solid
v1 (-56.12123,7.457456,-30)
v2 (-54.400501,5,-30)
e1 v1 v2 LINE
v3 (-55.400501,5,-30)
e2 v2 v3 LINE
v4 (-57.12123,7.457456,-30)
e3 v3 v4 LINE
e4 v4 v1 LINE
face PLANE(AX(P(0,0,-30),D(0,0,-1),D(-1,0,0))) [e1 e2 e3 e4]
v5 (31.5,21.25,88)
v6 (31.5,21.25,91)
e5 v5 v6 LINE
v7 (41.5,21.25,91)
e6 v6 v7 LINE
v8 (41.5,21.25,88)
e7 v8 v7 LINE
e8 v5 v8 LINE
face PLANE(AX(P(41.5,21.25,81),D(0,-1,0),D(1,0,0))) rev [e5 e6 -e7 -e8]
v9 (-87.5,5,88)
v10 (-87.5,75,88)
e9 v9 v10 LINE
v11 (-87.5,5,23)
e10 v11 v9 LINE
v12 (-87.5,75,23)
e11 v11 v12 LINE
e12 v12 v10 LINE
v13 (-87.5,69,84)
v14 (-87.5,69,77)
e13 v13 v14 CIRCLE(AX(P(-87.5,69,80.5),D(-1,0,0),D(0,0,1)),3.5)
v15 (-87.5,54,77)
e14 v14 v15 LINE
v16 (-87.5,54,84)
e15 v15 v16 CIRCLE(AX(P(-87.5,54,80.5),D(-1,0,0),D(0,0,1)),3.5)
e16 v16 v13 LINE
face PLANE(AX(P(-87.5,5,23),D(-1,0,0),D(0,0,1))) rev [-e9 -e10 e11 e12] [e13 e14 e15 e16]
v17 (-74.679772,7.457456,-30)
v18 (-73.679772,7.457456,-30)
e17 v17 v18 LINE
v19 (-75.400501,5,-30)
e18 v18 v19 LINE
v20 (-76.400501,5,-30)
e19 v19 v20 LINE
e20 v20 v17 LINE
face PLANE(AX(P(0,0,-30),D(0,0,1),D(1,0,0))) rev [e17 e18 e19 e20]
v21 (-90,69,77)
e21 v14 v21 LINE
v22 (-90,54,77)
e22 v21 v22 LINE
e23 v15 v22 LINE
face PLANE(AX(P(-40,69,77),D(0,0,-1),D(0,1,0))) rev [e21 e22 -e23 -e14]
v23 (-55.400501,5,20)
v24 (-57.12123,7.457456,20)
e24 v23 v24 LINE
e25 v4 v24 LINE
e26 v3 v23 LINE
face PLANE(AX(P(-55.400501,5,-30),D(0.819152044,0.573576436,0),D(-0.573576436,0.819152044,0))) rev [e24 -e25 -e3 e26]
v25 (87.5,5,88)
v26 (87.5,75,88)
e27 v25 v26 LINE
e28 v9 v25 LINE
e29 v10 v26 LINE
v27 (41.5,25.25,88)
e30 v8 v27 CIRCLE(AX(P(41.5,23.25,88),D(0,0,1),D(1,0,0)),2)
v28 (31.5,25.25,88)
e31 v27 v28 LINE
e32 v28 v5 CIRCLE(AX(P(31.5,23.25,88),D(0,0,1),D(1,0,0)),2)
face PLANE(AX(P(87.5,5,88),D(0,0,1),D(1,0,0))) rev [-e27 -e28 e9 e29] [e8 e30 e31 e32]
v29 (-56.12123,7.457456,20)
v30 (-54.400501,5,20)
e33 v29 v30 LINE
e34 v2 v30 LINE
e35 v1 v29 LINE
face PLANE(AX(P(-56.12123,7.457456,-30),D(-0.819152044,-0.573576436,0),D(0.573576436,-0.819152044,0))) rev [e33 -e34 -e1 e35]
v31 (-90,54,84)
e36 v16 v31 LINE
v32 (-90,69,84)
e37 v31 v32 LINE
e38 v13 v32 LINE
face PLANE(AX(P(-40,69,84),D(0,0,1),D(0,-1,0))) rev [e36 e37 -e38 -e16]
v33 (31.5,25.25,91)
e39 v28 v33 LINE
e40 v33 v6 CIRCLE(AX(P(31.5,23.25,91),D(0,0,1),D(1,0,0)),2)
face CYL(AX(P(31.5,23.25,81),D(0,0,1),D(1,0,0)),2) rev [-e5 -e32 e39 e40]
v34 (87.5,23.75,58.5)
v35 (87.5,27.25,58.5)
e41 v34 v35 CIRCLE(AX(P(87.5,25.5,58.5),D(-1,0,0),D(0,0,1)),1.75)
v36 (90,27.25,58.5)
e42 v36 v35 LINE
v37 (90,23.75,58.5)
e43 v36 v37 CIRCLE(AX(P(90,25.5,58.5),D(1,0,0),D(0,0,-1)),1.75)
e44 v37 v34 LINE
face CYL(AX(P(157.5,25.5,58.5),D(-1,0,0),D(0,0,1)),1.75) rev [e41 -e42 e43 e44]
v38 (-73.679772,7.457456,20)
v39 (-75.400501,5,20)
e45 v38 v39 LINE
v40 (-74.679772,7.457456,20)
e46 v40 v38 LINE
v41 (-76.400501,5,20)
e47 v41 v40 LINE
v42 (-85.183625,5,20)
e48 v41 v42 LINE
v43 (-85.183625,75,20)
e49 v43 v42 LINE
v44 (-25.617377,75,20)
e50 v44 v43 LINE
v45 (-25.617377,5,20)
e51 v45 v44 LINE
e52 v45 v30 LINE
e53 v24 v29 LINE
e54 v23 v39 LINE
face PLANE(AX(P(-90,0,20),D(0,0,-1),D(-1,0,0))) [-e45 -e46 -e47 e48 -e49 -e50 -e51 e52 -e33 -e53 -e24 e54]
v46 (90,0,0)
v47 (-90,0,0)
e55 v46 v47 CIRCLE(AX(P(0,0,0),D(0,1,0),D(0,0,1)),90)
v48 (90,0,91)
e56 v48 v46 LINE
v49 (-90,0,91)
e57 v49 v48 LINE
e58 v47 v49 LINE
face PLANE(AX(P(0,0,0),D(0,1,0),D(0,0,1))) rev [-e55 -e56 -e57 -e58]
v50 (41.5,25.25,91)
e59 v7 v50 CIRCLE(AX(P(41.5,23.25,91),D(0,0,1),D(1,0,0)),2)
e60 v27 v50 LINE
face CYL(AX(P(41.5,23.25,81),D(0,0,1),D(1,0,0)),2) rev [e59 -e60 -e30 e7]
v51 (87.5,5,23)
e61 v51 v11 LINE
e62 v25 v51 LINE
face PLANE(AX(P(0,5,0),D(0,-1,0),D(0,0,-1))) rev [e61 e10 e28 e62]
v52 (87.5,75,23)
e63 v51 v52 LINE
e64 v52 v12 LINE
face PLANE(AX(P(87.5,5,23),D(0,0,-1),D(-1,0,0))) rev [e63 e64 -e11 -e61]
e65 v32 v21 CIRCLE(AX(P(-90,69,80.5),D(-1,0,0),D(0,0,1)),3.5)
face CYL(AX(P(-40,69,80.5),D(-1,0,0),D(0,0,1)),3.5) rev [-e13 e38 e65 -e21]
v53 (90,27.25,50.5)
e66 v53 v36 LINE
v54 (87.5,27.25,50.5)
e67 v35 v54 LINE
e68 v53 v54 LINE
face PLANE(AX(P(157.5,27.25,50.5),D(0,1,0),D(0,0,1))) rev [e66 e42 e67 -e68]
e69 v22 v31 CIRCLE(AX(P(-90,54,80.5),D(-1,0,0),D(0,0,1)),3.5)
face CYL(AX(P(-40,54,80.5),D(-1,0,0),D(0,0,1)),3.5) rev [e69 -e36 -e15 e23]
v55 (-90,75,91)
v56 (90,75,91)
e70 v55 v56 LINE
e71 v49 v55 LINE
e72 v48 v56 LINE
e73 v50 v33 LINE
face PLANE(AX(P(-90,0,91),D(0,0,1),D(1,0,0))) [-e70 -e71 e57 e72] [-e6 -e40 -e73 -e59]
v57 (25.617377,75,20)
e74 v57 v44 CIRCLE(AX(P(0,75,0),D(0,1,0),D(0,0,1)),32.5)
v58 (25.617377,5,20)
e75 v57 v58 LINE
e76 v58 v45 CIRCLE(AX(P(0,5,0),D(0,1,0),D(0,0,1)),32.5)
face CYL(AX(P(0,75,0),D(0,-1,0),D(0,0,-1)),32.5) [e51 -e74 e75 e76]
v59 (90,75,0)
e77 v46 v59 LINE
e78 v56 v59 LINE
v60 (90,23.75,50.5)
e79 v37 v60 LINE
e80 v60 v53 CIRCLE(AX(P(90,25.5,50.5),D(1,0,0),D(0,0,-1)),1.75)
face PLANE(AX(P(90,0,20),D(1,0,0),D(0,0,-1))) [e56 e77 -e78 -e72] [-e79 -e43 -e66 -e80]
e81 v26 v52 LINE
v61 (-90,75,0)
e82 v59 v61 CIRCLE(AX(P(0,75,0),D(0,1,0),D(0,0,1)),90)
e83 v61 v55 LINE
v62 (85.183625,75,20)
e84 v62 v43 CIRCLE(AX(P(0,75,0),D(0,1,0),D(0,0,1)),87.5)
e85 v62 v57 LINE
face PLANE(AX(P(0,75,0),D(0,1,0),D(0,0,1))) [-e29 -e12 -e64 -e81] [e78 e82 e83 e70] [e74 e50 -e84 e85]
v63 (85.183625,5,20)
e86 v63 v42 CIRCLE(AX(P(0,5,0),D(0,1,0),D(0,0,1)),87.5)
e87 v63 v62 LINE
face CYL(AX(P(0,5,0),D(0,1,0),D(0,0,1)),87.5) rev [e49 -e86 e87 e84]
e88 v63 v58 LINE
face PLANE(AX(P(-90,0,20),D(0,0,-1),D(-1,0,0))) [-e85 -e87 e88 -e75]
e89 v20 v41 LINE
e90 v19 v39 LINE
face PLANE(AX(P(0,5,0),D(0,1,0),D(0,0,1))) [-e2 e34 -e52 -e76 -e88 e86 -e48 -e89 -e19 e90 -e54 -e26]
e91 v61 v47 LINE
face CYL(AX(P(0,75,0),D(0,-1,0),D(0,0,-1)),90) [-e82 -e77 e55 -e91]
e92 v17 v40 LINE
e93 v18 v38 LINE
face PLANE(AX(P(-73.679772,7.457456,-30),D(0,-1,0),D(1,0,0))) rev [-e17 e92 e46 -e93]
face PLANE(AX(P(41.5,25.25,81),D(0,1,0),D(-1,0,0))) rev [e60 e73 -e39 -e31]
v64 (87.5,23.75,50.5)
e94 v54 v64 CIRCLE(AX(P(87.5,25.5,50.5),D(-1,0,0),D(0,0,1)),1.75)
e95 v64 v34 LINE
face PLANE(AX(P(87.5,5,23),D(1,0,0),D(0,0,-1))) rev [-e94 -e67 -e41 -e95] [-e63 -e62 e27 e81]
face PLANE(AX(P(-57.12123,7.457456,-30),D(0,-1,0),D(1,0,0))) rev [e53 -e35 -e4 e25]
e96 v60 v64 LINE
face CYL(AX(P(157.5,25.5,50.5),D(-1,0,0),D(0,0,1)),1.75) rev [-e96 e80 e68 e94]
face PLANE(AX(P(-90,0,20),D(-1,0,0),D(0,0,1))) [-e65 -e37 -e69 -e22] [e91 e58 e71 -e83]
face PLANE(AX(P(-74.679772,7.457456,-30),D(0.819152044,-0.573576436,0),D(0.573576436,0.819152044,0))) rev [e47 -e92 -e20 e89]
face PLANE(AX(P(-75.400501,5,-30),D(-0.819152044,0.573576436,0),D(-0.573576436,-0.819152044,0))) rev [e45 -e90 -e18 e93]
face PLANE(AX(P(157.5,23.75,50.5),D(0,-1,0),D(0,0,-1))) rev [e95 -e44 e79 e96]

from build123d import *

# Parameters (mm, degrees)
SKETCH1_R           = 90
BOSS_EXTRUDE1_DEPTH = 75
SKETCH2_R           = 87.5
CUT_EXTRUDE1_DEPTH  = 70
SKETCH3_R           = 32.5
BOSS_EXTRUDE2_DEPTH = 70
SKETCH4_W           = 180
SKETCH4_H           = 66
CUT_EXTRUDE2_DEPTH  = 75
SKETCH5_W           = 175
SKETCH5_H           = 61.187525855
CUT_EXTRUDE3_DEPTH  = 75
SKETCH6_W           = 179.999459639
SKETCH6_H           = 83.811872958
CUT_EXTRUDE4_DEPTH  = 75
SKETCH8_W           = 180
SKETCH8_H           = 71
BOSS_EXTRUDE5_DEPTH = 75
BOSS_EXTRUDE6_REACH = 182
SKETCH10_W          = 20
SKETCH10_H          = 75
BOSS_EXTRUDE7_REACH = 182
SKETCH11_W          = 20
SKETCH11_H          = 75
SKETCH12_W          = 175
SKETCH12_H          = 65
CUT_EXTRUDE5_DEPTH  = 70
CUT_EXTRUDE6_DEPTH  = 70
CUT_EXTRUDE7_DEPTH  = 10
BOSS_EXTRUDE8_DEPTH = 50
CUT_EXTRUDE8_DEPTH  = 50


with BuildPart() as part:
    # Sketch1 → Boss-Extrude1 (new body)
    with BuildSketch(Plane(origin=(0, 0, 0), x_dir=(1, 0, 0), z_dir=(0, 1, 0))):
        Circle(SKETCH1_R)
    extrude(amount=BOSS_EXTRUDE1_DEPTH)

    # Sketch2 → Cut-Extrude1 (cut)
    with BuildSketch(Plane(origin=(0, 75, 0), x_dir=(1, 0, 0), z_dir=(0, 1, 0))):
        Circle(SKETCH2_R)
    extrude(amount=-CUT_EXTRUDE1_DEPTH, mode=Mode.SUBTRACT)

    # Sketch3 → Boss-Extrude2 (add)
    with BuildSketch(Plane(origin=(0, 5, 0), x_dir=(1, 0, 0), z_dir=(0, 1, 0))):
        Circle(SKETCH3_R)
    extrude(amount=BOSS_EXTRUDE2_DEPTH)

    # Sketch4 → Cut-Extrude2 (cut)
    with BuildSketch(Plane(origin=(0, 75, 0), x_dir=(1, 0, 0), z_dir=(0, 1, 0))):
        with Locations((0, -65.5)):
            Rectangle(SKETCH4_W, SKETCH4_H)
    extrude(amount=-CUT_EXTRUDE2_DEPTH, mode=Mode.SUBTRACT)

    # Sketch5 → Cut-Extrude3 (cut)
    with BuildSketch(Plane(origin=(0, 75, 0), x_dir=(1, 0, 0), z_dir=(0, 1, 0))):
        with Locations((-0.249643874, -50.593762928)):
            Rectangle(SKETCH5_W, SKETCH5_H)
    extrude(amount=-CUT_EXTRUDE3_DEPTH, mode=Mode.SUBTRACT)

    # Sketch6 → Cut-Extrude4 (cut)
    with BuildSketch(Plane(origin=(0, 75, 0), x_dir=(1, 0, 0), z_dir=(0, 1, 0))):
        with Locations((0.00027018, -61.905936479)):
            Rectangle(SKETCH6_W, SKETCH6_H)
    extrude(amount=-CUT_EXTRUDE4_DEPTH, mode=Mode.SUBTRACT)

    # Sketch8 → Boss-Extrude5 (add)
    with BuildSketch(Plane(origin=(0, 75, 0), x_dir=(1, 0, 0), z_dir=(0, 1, 0))):
        with Locations((0, -55.5)):
            Rectangle(SKETCH8_W, SKETCH8_H)
    extrude(amount=-BOSS_EXTRUDE5_DEPTH)

    # Sketch10 → Boss-Extrude6 (add, up to next)
    with BuildSketch(Plane.ZY.offset(90), mode=Mode.PRIVATE) as boss_extrude6_sk1:
        with Locations((10, 37.5)):
            Rectangle(SKETCH10_W, SKETCH10_H)
    boss_extrude6_tool1 = extrude(boss_extrude6_sk1.sketch, amount=-BOSS_EXTRUDE6_REACH, mode=Mode.PRIVATE) - part.part
    add(boss_extrude6_tool1.solids().sort_by_distance((-90, 37.5, 10))[0])

    # Sketch11 → Boss-Extrude7 (add, up to next)
    with BuildSketch(Plane(origin=(90, 0, 0), x_dir=(0, 0, -1), z_dir=(1, 0, 0)), mode=Mode.PRIVATE) as boss_extrude7_sk1:
        with Locations((-10, 37.5)):
            Rectangle(SKETCH11_W, SKETCH11_H)
    boss_extrude7_tool1 = extrude(boss_extrude7_sk1.sketch, amount=-BOSS_EXTRUDE7_REACH, mode=Mode.PRIVATE) - part.part
    add(boss_extrude7_tool1.solids().sort_by_distance((90, 37.5, 10))[0])

    # Sketch12 → Cut-Extrude5 (cut)
    with BuildSketch(Plane(origin=(0, 75, 0), x_dir=(1, 0, 0), z_dir=(0, 1, 0))):
        with Locations((0, -55.5)):
            Rectangle(SKETCH12_W, SKETCH12_H)
    extrude(amount=-CUT_EXTRUDE5_DEPTH, mode=Mode.SUBTRACT)

    # Sketch13 → Cut-Extrude6 (cut)
    with BuildSketch(Plane.ZY.offset(-87.5)):
        with BuildLine():
            Line((50.5, 27.25), (58.5, 27.25))
            ThreePointArc((58.5, 27.25), (60.25, 25.5), (58.5, 23.75))
            Line((58.5, 23.75), (50.5, 23.75))
            ThreePointArc((50.5, 23.75), (48.75, 25.5), (50.5, 27.25))
        make_face()
    extrude(amount=-CUT_EXTRUDE6_DEPTH, mode=Mode.SUBTRACT)

    # Sketch14 → Cut-Extrude7 (cut)
    with BuildSketch(Plane.XY.offset(91)):
        with BuildLine():
            Line((41.5, 21.25), (31.5, 21.25))
            ThreePointArc((31.5, 21.25), (29.5, 23.25), (31.5, 25.25))
            Line((31.5, 25.25), (41.5, 25.25))
            ThreePointArc((41.5, 25.25), (43.5, 23.25), (41.5, 21.25))
        make_face()
    extrude(amount=-CUT_EXTRUDE7_DEPTH, mode=Mode.SUBTRACT)

    # Sketch15 → Boss-Extrude8 (add)
    with BuildSketch(Plane(origin=(0, 0, 20), x_dir=(-1, 0, 0), z_dir=(0, 0, -1))):
        Polygon((55.400501051, 5), (57.12123036, 7.457456133), (56.12123036, 7.457456133), (54.400501051, 5), align=None)
        Polygon((73.679771742, 7.457456133), (74.679771742, 7.457456133), (76.400501051, 5), (75.400501051, 5), align=None)
    extrude(amount=BOSS_EXTRUDE8_DEPTH)

    # Sketch17 → Cut-Extrude8 (cut)
    with BuildSketch(Plane.ZY.offset(90)):
        with BuildLine():
            Line((84, 69), (84, 54))
            ThreePointArc((84, 54), (80.5, 50.5), (77, 54))
            Line((77, 54), (77, 69))
            ThreePointArc((77, 69), (80.5, 72.5), (84, 69))
        make_face()
    extrude(amount=-CUT_EXTRUDE8_DEPTH, mode=Mode.SUBTRACT)


solid = part.part
